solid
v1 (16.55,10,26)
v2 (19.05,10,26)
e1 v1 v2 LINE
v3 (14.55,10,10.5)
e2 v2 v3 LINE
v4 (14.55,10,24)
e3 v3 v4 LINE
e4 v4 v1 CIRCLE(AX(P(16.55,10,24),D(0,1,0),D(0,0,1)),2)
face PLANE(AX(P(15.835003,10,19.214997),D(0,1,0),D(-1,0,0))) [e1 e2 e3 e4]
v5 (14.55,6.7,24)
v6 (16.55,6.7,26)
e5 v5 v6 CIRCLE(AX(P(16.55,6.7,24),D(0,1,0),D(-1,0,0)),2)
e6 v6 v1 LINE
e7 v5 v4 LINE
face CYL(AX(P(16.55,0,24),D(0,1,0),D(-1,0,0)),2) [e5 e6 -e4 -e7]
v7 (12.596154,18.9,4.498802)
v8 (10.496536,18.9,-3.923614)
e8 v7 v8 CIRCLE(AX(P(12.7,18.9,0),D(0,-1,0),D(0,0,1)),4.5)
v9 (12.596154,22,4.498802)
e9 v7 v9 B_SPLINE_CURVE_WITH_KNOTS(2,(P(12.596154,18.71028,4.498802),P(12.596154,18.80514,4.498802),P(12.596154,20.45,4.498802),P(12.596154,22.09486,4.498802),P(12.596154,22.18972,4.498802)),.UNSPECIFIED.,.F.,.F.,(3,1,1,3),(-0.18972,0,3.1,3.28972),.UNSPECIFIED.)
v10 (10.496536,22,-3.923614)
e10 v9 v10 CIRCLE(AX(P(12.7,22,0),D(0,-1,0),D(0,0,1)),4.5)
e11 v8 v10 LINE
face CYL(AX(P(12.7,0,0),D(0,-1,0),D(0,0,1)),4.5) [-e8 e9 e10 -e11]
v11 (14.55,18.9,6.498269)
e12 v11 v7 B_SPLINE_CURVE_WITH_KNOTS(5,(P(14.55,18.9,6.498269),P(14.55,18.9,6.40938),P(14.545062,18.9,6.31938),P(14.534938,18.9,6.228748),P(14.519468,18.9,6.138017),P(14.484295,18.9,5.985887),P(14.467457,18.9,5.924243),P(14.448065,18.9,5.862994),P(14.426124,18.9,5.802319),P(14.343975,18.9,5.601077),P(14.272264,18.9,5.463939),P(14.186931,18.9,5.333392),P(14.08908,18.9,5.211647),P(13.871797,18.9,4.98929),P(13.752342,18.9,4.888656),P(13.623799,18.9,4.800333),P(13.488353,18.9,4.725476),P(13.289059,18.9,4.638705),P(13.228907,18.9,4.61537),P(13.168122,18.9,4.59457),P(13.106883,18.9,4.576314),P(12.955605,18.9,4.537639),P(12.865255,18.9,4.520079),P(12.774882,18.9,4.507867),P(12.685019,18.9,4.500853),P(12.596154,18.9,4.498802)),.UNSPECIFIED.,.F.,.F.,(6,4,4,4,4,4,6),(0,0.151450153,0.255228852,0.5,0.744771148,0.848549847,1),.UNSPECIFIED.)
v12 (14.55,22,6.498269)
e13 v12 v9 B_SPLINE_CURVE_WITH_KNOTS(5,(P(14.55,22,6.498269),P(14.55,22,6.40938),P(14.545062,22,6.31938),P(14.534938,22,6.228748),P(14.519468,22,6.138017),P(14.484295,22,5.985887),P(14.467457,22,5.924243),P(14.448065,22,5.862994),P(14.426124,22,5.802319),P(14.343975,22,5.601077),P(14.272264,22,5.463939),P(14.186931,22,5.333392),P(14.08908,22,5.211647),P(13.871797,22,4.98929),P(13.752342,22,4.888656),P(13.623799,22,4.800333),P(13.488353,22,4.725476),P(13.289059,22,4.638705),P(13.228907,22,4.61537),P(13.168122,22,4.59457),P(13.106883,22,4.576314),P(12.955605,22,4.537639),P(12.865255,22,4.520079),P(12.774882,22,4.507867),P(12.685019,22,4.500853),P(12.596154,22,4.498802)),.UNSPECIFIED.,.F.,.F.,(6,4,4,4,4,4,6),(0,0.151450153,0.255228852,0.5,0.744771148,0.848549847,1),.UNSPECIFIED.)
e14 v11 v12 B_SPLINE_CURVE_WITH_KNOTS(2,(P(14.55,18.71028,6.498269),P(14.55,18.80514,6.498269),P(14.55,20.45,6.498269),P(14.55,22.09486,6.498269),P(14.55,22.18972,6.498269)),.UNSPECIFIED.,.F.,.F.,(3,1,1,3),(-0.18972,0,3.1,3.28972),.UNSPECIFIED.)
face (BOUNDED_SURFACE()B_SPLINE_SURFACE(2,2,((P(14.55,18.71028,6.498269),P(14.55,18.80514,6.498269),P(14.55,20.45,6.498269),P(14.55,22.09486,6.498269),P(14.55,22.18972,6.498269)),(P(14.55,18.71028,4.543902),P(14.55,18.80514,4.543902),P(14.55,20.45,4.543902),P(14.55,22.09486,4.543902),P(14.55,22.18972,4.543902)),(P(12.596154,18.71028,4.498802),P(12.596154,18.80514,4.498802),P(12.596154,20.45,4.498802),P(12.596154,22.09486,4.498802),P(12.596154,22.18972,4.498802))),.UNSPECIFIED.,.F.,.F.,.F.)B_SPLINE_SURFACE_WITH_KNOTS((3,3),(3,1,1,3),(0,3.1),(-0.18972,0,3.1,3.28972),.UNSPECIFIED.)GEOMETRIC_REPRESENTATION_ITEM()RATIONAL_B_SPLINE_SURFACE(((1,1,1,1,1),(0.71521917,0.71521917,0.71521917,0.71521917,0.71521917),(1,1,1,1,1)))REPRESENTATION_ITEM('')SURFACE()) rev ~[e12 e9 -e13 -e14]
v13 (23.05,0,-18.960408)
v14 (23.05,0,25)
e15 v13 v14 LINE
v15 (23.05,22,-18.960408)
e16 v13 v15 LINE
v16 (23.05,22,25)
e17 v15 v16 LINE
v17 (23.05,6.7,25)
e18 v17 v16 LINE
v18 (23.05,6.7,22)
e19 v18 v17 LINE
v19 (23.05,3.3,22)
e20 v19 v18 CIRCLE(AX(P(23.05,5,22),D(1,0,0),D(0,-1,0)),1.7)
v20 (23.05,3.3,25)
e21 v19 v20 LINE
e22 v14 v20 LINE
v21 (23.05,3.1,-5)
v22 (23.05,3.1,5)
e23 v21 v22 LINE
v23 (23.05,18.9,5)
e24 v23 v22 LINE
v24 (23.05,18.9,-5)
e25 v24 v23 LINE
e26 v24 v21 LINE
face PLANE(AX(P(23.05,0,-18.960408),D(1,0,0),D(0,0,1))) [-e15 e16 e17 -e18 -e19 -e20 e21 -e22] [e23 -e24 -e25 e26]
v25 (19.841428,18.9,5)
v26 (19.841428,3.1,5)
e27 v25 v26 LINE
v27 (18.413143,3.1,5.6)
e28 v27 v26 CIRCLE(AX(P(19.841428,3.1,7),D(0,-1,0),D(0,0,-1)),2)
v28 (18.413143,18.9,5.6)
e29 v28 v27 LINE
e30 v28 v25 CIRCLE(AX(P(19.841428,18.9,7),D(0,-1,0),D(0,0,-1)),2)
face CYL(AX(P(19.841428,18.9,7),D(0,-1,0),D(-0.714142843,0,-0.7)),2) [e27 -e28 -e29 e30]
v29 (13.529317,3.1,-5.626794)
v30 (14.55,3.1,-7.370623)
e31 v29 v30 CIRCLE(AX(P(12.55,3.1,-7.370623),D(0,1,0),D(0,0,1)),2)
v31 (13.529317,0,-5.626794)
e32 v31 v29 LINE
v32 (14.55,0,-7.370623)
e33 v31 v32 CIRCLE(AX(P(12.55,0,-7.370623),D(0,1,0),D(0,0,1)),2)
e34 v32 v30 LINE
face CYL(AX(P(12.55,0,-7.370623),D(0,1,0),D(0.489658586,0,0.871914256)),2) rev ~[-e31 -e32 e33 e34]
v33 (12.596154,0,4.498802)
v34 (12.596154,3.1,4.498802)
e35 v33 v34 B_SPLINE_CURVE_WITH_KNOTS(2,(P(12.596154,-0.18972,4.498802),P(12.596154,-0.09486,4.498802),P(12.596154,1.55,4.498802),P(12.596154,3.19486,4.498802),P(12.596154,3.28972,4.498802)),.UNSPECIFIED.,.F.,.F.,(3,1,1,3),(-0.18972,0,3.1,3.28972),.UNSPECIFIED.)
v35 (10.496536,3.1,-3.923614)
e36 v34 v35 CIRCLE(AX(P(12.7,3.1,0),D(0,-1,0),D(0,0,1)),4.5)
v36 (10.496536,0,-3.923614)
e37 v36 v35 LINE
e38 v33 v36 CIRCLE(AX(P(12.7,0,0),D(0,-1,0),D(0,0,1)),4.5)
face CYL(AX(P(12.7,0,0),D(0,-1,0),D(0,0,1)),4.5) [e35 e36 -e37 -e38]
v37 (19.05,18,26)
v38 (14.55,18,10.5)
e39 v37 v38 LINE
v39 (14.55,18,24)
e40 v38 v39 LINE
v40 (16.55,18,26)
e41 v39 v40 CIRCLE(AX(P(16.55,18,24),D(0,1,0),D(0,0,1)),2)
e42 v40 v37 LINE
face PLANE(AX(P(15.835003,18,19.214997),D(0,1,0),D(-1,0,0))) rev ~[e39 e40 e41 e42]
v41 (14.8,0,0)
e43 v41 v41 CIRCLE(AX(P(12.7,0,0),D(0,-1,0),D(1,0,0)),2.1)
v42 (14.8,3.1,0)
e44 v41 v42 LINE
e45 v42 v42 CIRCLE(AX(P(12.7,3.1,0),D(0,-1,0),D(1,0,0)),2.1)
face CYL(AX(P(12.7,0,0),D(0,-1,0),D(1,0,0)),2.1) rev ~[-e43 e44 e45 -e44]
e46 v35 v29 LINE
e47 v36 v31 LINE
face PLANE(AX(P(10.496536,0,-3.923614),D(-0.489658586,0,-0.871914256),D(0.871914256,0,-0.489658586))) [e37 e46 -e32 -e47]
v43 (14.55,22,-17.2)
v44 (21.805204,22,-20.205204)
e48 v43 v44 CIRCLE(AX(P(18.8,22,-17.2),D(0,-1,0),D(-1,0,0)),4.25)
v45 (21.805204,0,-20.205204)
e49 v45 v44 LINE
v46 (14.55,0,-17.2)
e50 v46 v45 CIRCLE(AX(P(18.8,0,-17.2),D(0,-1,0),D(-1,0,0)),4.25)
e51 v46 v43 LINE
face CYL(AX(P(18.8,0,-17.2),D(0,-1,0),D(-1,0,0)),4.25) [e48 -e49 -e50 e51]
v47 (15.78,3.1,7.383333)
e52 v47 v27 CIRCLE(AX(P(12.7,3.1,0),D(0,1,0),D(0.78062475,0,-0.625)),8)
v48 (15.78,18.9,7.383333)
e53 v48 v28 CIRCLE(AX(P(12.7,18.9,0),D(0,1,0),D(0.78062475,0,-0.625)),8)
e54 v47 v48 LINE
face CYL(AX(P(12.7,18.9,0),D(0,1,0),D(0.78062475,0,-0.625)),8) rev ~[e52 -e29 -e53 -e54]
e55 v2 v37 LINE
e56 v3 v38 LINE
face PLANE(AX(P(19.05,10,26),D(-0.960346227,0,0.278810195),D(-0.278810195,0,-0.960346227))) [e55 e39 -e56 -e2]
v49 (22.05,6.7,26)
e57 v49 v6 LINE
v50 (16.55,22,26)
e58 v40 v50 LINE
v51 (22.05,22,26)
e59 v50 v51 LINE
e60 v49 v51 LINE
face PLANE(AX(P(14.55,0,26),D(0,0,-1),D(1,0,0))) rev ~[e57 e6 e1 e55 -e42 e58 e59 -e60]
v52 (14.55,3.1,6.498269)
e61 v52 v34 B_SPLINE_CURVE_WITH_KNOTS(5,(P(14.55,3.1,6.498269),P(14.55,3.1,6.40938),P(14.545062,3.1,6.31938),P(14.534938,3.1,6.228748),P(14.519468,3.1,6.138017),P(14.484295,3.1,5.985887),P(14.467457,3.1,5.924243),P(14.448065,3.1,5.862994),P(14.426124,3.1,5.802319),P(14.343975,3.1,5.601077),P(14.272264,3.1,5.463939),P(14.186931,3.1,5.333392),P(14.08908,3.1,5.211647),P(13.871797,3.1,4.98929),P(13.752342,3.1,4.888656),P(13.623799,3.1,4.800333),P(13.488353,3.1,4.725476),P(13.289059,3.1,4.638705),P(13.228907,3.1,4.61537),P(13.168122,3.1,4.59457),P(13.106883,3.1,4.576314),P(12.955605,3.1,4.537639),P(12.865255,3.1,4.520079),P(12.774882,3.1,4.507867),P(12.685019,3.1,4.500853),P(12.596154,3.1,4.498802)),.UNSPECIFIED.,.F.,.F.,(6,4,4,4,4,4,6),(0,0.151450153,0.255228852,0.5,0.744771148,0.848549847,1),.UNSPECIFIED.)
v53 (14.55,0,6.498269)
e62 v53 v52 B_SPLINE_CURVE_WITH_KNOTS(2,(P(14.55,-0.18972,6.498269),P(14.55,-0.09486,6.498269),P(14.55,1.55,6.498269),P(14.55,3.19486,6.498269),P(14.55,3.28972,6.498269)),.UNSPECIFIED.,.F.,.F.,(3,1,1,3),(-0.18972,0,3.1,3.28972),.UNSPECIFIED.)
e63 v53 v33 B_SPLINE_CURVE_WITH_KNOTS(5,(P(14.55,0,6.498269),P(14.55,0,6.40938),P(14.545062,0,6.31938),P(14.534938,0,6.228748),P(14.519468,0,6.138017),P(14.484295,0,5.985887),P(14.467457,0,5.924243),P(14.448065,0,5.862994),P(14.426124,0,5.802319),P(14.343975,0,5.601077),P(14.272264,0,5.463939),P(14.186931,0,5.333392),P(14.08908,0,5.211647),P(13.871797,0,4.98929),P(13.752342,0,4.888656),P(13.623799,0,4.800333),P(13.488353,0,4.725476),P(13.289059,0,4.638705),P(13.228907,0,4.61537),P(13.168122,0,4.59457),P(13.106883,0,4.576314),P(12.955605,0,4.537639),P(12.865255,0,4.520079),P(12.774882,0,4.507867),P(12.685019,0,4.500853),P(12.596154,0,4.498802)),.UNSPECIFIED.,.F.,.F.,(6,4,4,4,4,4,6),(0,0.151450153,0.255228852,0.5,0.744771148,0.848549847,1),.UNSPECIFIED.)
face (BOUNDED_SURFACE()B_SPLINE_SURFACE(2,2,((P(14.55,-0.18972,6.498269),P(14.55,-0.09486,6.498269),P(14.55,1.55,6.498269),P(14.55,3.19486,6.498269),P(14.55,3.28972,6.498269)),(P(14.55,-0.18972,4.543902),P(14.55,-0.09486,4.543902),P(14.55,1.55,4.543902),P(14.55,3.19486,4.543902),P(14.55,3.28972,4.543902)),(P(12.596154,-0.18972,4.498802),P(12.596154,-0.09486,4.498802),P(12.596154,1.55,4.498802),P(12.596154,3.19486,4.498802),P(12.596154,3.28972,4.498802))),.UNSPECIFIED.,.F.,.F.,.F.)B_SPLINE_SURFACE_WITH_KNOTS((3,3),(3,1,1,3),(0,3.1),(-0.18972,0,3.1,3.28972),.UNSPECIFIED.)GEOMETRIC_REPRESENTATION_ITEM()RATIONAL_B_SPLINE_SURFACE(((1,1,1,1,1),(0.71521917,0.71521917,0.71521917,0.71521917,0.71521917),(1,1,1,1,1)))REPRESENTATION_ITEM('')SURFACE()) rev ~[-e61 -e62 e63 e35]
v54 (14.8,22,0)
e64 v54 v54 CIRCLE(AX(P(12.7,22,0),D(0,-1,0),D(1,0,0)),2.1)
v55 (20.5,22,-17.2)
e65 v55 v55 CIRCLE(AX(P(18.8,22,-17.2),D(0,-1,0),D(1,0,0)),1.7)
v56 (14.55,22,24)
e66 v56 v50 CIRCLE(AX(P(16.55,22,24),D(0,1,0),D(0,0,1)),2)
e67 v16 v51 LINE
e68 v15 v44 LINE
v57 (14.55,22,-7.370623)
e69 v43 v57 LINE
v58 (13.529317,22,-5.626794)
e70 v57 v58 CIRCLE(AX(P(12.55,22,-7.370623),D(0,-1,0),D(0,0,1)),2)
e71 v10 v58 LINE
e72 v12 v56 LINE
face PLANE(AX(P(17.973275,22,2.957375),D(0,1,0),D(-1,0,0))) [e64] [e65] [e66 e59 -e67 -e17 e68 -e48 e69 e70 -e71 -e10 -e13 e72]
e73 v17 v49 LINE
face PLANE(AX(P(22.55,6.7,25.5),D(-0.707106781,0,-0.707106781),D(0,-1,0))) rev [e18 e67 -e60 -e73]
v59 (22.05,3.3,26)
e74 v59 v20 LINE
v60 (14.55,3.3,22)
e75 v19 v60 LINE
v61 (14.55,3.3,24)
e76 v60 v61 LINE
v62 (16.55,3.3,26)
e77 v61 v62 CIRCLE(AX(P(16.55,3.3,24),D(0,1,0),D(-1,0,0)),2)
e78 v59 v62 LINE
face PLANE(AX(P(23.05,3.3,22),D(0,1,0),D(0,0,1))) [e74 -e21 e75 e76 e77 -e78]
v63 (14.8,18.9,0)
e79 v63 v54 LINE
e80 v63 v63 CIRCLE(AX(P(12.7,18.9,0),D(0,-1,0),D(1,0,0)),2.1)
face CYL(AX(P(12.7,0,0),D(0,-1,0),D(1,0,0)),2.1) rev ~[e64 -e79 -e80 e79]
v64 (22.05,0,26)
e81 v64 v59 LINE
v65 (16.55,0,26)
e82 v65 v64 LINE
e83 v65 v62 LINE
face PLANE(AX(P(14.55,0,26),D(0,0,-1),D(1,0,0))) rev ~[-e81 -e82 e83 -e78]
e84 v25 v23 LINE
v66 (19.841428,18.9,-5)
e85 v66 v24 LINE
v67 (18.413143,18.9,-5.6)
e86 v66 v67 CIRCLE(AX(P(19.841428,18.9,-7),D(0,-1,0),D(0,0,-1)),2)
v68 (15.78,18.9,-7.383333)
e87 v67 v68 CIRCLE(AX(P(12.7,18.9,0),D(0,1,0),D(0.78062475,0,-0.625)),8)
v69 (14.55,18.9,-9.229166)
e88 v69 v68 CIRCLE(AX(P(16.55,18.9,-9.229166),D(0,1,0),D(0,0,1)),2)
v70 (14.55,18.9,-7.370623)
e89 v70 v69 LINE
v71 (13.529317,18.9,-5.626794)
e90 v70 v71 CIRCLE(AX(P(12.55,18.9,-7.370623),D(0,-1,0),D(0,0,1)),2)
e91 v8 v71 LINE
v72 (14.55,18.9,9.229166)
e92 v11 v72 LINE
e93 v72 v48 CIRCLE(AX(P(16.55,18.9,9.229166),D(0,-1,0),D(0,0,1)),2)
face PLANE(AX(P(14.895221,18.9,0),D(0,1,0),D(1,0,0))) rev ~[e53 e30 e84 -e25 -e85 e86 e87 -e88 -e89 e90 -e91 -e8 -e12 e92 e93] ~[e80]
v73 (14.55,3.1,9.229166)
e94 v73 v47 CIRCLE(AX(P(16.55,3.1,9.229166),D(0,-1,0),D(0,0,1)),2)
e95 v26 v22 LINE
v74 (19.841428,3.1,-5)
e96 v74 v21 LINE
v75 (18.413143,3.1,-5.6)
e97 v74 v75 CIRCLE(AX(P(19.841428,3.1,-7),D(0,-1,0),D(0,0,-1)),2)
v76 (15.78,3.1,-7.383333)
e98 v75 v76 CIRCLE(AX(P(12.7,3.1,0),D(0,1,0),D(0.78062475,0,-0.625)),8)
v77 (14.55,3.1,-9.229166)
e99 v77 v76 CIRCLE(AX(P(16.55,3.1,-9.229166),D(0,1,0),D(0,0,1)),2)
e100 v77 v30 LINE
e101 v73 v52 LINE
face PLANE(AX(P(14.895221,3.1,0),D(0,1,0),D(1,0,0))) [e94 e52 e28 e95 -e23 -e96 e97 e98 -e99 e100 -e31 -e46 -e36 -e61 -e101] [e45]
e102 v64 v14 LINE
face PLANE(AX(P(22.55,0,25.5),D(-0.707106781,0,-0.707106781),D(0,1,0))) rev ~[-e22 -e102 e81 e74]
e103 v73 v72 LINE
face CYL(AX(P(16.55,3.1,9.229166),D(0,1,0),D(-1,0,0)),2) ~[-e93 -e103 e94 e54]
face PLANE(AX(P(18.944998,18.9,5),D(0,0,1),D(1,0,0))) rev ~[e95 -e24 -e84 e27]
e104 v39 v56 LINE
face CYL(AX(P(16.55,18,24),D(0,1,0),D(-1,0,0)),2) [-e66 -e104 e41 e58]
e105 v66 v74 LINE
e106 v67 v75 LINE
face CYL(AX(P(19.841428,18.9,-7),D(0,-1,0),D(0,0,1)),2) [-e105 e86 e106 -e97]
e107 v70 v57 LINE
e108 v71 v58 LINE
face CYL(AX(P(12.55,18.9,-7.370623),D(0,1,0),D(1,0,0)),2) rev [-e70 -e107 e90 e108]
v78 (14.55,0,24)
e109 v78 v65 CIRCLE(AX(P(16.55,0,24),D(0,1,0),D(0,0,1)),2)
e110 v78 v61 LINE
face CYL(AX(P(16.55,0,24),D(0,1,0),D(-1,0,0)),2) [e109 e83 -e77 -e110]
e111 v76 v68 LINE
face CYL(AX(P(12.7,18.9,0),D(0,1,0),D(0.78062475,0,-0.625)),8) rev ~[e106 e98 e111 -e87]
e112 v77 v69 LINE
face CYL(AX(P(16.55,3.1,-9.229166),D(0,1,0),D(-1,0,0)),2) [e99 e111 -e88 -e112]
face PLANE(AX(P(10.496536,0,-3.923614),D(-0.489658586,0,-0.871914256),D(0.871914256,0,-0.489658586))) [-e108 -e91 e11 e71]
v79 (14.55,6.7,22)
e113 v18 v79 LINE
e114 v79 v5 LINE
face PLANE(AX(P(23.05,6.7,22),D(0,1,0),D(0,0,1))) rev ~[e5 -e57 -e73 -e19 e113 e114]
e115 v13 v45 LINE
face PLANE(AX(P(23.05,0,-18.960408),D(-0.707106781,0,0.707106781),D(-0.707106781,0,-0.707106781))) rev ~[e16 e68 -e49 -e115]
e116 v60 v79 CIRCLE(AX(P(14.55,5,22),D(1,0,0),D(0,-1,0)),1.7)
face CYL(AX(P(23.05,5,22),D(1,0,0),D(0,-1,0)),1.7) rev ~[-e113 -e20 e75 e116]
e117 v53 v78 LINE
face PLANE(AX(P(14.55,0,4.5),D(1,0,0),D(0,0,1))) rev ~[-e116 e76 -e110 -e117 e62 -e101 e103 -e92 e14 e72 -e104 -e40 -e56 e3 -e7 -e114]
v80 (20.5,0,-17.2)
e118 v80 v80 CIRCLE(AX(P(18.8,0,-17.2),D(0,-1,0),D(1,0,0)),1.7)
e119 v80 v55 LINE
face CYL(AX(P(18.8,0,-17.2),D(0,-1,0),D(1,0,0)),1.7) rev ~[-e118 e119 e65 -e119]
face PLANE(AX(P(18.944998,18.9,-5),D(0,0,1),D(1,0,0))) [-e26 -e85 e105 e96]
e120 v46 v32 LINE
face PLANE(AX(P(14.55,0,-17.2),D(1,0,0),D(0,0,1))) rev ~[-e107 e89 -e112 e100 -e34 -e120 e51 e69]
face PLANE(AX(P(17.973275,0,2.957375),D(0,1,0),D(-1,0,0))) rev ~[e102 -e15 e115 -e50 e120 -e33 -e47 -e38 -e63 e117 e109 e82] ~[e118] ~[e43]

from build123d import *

# Parameters (mm, degrees)
SKETCH013_R     = 2.1
PAD003_DEPTH    = 22
POCKET005_START = -3.1
POCKET005_DEPTH = 15.8
SKETCH017_R     = 1.7
HOLE003_DEPTH   = 25
POCKET007_START = -10
POCKET007_DEPTH = 8
FILLET026_R     = 2
FILLET027_R     = 2
FILLET028_R     = 2
POCKET026_DEPTH = 10
CHAMFER013_SIZE = 1


with BuildPart() as part:
    # Sketch013 → Pad003 (new body)
    with BuildSketch(Plane.XZ):
        with BuildLine():
            Line((14.55, 4.5), (14.55, 26))
            Line((14.55, 26), (23.05, 26))
            Line((23.05, 26), (23.05, -17.2))
            Line((23.05, -18.9604076401), (23.05, -17.2))
            Line((23.05, -18.9604076401), (21.80520382, -20.20520382))
            ThreePointArc((14.55, -17.2), (17.1735954124, -21.1264880132), (21.80520382, -20.20520382))
            Line((14.55, -17.2), (14.55, -6.2))
            Line((10.4965363624, -3.9236141499), (14.55, -6.2))
            ThreePointArc((12.7, 4.5), (8.3464805229, 1.1388011954), (10.4965363624, -3.9236141499))
            Line((14.55, 4.5), (12.7, 4.5))
        make_face()
        with Locations((12.7, 0)):
            Circle(SKETCH013_R, mode=Mode.SUBTRACT)
    extrude(amount=-PAD003_DEPTH)

    # Sketch015 (on Face11 of Pad003) → Pocket005 (cut)
    with BuildSketch(Plane(origin=(0, 22, 0), x_dir=(1, 0, 0), z_dir=(0, 1, 0)).offset(POCKET005_START)):
        with BuildLine():
            ThreePointArc((18.9449979984, 5), (4.7, 0), (18.9449979984, -5))
            Line((18.9449979984, -5), (23.05, -5))
            Line((23.05, 5), (23.05, -5))
            Line((18.9449979984, 5), (23.05, 5))
        make_face()
    extrude(amount=-POCKET005_DEPTH, mode=Mode.SUBTRACT)

    # Sketch017 → Hole003 (cut)
    with BuildSketch(Plane.XZ):
        with Locations((18.8, -17.2)):
            Circle(SKETCH017_R)
    extrude(amount=-HOLE003_DEPTH, mode=Mode.SUBTRACT)

    # Sketch018 (on Face2 of Hole003) → Pocket007 (cut)
    with BuildSketch(Plane.XZ.offset(POCKET007_START)):
        Polygon((19.05, 26), (14.55, 10.5), (14.55, 26), align=None)
    extrude(amount=-POCKET007_DEPTH, mode=Mode.SUBTRACT)

    # Fillet026
    fillet026_edges = [part.edges().sort_by_distance(p)[0] for p in [
        (14.55, 5, 26),
        (14.55, 20, 26),
    ]]
    fillet(fillet026_edges, radius=FILLET026_R)

    # Fillet027
    fillet027_edges = [part.edges().sort_by_distance(p)[0] for p in [
        (14.55, 11, -7.783155),
        (14.55, 11, 7.783155),
        (18.944998, 11, -5),
        (18.944998, 11, 5),
    ]]
    fillet(fillet027_edges, radius=FILLET027_R)

    # Fillet028
    fillet028_edges = [part.edges().sort_by_distance(p)[0] for p in [
        (14.55, 20.45, -6.2),
        (14.55, 1.55, -6.2),
        (14.55, 1.55, 4.5),
        (14.55, 20.45, 4.5),
    ]]
    fillet(fillet028_edges, radius=FILLET028_R)

    # Sketch051 (on Face22 of Fillet028) → Pocket026 (cut)
    with BuildSketch(Plane(origin=(23.05, 0, 0), x_dir=(0, 0, 1), z_dir=(1, 0, 0))):
        with BuildLine():
            ThreePointArc((22, -3.3), (20.3, -5), (22, -6.7))
            Line((22, -6.7), (26, -6.7))
            Line((26, -3.3), (26, -6.7))
            Line((22, -3.3), (26, -3.3))
        make_face()
    extrude(amount=-POCKET026_DEPTH, mode=Mode.SUBTRACT)

    # Chamfer013
    chamfer013_edges = [part.edges().sort_by_distance(p)[0] for p in [
        (23.05, 1.65, 26),
        (23.05, 14.35, 26),
    ]]
    chamfer(chamfer013_edges, length=CHAMFER013_SIZE)


solid = part.part
